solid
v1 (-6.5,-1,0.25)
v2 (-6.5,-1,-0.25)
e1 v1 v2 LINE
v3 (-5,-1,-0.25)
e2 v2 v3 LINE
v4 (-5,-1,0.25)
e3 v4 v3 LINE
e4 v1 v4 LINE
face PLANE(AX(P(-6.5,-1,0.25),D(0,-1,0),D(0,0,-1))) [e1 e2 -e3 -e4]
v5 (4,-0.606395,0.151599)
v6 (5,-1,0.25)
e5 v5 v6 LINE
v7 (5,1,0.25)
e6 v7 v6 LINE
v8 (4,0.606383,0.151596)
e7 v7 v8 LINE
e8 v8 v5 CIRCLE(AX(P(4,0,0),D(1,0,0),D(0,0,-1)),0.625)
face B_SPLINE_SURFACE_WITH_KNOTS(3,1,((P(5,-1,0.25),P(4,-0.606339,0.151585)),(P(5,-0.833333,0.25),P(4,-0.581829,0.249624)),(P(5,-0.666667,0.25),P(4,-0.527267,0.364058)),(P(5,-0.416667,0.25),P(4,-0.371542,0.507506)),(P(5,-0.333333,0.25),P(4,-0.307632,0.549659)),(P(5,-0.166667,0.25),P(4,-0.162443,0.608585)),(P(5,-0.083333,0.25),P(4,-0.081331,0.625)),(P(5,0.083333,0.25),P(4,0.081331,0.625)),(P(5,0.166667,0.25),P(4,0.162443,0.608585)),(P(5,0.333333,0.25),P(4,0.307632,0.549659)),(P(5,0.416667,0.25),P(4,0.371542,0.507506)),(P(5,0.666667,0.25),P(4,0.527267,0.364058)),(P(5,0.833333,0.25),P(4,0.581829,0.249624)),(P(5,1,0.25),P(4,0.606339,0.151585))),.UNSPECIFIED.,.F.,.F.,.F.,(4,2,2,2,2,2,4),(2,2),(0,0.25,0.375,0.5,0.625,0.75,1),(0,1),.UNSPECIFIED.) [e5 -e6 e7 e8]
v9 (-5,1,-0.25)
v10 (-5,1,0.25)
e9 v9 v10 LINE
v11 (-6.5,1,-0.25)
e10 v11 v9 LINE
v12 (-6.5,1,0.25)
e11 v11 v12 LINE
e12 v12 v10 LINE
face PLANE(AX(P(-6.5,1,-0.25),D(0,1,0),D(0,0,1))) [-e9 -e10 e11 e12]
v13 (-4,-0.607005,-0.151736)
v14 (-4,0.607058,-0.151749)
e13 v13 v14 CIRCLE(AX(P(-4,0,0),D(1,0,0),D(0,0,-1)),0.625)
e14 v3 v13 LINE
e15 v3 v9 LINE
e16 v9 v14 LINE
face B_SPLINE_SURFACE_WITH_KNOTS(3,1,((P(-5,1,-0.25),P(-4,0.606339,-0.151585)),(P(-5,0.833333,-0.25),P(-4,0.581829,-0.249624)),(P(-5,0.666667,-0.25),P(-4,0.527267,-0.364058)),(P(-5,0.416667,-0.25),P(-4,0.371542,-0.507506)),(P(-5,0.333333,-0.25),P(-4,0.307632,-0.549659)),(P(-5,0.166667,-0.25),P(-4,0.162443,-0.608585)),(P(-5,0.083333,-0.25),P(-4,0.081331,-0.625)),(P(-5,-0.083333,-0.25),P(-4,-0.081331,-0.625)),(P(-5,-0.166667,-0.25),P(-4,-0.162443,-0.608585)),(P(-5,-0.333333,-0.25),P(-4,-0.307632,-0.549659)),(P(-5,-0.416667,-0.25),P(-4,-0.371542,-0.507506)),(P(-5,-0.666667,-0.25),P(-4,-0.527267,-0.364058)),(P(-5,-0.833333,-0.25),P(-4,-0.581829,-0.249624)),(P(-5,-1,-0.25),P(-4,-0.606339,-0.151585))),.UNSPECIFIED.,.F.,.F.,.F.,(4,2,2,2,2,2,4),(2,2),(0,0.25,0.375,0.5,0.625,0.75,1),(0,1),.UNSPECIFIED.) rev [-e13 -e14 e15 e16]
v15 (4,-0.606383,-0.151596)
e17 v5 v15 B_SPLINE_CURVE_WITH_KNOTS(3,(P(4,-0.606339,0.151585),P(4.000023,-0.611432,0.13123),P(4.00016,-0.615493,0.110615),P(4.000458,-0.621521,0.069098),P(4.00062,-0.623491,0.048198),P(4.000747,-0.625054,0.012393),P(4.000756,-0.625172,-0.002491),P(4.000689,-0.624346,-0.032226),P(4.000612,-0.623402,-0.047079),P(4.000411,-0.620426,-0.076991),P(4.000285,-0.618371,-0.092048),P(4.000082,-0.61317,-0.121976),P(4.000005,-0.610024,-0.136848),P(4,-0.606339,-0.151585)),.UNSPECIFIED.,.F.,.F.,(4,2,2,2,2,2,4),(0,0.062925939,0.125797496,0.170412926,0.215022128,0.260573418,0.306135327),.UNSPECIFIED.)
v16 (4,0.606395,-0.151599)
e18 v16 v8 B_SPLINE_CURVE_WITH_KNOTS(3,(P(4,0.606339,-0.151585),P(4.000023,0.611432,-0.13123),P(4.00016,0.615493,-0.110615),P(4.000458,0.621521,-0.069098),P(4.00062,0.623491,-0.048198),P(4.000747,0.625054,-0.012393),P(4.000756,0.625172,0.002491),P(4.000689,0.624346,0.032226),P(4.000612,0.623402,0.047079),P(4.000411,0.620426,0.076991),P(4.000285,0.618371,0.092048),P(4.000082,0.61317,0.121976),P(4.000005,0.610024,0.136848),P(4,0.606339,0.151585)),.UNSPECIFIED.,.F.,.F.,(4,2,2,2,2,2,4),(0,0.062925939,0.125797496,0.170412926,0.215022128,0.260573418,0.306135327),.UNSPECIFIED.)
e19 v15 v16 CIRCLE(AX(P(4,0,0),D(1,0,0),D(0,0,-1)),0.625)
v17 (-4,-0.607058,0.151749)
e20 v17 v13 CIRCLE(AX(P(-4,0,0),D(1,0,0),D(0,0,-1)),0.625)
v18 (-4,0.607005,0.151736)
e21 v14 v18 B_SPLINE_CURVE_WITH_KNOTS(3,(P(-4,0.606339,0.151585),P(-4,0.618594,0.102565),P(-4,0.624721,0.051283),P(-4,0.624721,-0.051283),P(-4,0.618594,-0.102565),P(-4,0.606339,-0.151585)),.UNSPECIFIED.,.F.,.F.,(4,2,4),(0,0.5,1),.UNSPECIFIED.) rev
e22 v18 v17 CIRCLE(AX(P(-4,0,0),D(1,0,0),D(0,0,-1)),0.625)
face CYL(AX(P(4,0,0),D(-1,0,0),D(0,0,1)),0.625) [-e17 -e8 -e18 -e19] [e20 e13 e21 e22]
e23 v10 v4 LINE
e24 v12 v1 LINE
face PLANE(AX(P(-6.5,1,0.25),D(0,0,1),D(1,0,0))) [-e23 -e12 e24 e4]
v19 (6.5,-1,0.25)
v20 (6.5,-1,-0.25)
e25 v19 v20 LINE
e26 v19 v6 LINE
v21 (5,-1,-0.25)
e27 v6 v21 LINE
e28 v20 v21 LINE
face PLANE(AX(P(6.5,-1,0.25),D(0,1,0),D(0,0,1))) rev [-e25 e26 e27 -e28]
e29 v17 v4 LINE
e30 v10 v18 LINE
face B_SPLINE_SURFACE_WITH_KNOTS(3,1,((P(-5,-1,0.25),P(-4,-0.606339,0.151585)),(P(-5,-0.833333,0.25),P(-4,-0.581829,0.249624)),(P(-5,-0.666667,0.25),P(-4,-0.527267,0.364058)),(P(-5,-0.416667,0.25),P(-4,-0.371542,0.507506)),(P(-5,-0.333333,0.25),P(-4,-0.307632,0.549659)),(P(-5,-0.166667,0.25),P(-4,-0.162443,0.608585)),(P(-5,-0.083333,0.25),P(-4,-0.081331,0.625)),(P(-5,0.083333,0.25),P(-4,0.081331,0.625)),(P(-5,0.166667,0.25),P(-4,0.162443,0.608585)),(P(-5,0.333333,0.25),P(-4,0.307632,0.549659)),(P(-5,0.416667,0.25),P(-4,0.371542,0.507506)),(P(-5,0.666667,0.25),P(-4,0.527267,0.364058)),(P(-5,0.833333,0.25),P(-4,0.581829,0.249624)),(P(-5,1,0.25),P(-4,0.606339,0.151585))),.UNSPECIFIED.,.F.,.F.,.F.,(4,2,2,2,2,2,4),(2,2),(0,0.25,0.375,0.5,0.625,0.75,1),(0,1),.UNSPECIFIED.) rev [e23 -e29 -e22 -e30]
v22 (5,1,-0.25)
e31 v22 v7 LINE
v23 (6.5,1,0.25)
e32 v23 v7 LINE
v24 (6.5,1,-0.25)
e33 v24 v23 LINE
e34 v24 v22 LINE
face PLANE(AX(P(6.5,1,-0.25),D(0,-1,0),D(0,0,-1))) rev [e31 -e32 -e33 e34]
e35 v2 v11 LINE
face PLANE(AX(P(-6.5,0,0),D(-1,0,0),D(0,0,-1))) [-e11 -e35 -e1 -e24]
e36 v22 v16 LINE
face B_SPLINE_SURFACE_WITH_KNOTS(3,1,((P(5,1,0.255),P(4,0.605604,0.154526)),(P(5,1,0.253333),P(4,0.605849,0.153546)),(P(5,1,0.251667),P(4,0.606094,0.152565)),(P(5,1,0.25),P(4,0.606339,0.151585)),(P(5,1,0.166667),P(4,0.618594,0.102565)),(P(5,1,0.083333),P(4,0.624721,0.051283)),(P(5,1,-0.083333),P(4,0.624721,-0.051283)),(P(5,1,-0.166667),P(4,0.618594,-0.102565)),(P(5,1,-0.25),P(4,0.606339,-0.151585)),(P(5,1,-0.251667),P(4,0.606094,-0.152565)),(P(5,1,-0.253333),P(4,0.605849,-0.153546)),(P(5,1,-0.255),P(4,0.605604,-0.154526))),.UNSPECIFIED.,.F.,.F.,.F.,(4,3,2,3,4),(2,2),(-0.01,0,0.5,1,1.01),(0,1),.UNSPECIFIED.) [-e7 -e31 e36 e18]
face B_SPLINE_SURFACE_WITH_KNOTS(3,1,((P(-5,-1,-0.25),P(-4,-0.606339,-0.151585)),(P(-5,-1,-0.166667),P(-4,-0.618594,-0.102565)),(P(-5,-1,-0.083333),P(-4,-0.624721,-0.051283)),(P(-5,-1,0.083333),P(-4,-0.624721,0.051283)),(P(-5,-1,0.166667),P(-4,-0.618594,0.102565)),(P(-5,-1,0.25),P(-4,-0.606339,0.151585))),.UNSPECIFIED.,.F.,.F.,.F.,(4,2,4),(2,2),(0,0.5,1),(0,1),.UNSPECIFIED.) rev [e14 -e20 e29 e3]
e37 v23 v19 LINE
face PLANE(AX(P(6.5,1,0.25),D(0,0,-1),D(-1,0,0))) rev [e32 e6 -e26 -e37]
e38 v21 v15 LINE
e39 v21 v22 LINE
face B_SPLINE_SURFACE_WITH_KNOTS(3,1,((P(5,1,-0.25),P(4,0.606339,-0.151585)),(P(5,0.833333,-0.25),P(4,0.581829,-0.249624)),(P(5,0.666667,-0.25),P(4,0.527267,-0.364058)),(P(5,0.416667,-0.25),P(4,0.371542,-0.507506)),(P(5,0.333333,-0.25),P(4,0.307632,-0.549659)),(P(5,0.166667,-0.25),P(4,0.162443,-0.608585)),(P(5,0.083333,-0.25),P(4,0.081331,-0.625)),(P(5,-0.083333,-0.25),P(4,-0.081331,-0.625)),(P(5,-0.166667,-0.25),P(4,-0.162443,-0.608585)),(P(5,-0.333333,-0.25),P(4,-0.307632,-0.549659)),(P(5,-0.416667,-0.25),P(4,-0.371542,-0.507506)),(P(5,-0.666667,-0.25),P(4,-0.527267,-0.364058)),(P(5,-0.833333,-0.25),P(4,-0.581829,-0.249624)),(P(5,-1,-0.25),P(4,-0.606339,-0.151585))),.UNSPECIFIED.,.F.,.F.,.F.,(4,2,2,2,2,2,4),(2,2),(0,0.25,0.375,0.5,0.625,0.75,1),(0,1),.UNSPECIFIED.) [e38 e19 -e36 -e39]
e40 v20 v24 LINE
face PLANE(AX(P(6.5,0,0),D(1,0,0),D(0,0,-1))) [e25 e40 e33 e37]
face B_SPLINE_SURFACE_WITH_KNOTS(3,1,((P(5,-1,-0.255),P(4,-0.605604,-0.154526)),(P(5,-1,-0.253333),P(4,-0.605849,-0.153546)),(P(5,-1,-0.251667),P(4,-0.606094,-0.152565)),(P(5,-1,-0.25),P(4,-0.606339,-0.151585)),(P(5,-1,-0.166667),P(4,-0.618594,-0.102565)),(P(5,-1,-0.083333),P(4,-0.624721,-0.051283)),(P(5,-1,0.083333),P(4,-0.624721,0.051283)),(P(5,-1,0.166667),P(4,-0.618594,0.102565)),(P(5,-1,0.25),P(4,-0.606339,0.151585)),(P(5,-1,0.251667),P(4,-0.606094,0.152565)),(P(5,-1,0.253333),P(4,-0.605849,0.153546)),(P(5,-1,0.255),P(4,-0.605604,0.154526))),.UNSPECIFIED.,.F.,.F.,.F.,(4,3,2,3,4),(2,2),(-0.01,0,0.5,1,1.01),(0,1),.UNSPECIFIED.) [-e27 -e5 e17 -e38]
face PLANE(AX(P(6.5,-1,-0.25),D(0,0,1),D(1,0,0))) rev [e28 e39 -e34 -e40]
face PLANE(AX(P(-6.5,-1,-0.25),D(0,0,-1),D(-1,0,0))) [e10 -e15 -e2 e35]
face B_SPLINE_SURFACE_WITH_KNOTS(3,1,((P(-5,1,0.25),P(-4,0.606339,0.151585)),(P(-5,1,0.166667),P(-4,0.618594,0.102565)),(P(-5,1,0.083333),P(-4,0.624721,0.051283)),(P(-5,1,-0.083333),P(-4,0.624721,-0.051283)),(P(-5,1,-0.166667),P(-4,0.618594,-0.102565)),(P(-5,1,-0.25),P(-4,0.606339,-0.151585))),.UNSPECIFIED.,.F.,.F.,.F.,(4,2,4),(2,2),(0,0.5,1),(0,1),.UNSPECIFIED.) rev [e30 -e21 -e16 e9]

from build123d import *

# Parameters (mm, degrees)
SKETCH1_R           = 0.625
BOSS_EXTRUDE1_DEPTH = 4
SKETCH2_W           = 0.5
SKETCH2_H           = 2
SKETCH4_W           = 0.5
SKETCH4_H           = 2
BOSS_EXTRUDE2_DEPTH = 1.5


with BuildPart() as part:
    # Sketch1 → Boss-Extrude1 (new, symmetric)
    with BuildSketch(Plane(origin=(0, 0, 0), x_dir=(0, 0, -1), z_dir=(1, 0, 0))):
        Circle(SKETCH1_R)
    extrude(amount=BOSS_EXTRUDE1_DEPTH, both=True)

    # Sketch2 → Loft1 section 0
    with BuildSketch(Plane(origin=(5, 0, 0), x_dir=(0, 0, -1), z_dir=(1, 0, 0))):
        Rectangle(SKETCH2_W, SKETCH2_H)
    # Sketch3 for Loft1 → Loft1 section 1
    with BuildSketch(Plane(origin=(4, 0, 0), x_dir=(0, 0, -1), z_dir=(1, 0, 0))):
        with BuildLine():
            # circular arc as an exact rational Bezier (weights 1, cos(half-angle), 1)
            Bezier((0.151584766, -0.606339063), (0, -0.644235254), (-0.151584766, -0.606339063), weights=[1, 0.970142502, 1])
            Bezier((-0.151584766, -0.606339063), (-2.576941004, 0), (-0.151584766, 0.606339063), weights=[1, 0.242535626, 1])
            Bezier((-0.151584766, 0.606339063), (0, 0.644235254), (0.151584766, 0.606339063), weights=[1, 0.970142502, 1])
            Bezier((0.151584766, 0.606339063), (2.576941004, 0), (0.151584766, -0.606339063), weights=[1, 0.242535626, 1])
        make_face()
    loft1 = loft()

    # Sketch4 → Boss-Extrude2 (add)
    with BuildSketch(Plane(origin=(5, 0, 0), x_dir=(0, 0, -1), z_dir=(1, 0, 0))):
        Rectangle(SKETCH4_W, SKETCH4_H)
    boss_extrude2 = extrude(amount=BOSS_EXTRUDE2_DEPTH)

    # Mirror1: Loft1, Boss-Extrude2 across plane
    add(loft1.mirror(Plane(origin=(0, 0, 0), x_dir=(0, 0, 1), z_dir=(1, 0, 0))))
    add(boss_extrude2.mirror(Plane(origin=(0, 0, 0), x_dir=(0, 0, 1), z_dir=(1, 0, 0))))


solid = part.part
